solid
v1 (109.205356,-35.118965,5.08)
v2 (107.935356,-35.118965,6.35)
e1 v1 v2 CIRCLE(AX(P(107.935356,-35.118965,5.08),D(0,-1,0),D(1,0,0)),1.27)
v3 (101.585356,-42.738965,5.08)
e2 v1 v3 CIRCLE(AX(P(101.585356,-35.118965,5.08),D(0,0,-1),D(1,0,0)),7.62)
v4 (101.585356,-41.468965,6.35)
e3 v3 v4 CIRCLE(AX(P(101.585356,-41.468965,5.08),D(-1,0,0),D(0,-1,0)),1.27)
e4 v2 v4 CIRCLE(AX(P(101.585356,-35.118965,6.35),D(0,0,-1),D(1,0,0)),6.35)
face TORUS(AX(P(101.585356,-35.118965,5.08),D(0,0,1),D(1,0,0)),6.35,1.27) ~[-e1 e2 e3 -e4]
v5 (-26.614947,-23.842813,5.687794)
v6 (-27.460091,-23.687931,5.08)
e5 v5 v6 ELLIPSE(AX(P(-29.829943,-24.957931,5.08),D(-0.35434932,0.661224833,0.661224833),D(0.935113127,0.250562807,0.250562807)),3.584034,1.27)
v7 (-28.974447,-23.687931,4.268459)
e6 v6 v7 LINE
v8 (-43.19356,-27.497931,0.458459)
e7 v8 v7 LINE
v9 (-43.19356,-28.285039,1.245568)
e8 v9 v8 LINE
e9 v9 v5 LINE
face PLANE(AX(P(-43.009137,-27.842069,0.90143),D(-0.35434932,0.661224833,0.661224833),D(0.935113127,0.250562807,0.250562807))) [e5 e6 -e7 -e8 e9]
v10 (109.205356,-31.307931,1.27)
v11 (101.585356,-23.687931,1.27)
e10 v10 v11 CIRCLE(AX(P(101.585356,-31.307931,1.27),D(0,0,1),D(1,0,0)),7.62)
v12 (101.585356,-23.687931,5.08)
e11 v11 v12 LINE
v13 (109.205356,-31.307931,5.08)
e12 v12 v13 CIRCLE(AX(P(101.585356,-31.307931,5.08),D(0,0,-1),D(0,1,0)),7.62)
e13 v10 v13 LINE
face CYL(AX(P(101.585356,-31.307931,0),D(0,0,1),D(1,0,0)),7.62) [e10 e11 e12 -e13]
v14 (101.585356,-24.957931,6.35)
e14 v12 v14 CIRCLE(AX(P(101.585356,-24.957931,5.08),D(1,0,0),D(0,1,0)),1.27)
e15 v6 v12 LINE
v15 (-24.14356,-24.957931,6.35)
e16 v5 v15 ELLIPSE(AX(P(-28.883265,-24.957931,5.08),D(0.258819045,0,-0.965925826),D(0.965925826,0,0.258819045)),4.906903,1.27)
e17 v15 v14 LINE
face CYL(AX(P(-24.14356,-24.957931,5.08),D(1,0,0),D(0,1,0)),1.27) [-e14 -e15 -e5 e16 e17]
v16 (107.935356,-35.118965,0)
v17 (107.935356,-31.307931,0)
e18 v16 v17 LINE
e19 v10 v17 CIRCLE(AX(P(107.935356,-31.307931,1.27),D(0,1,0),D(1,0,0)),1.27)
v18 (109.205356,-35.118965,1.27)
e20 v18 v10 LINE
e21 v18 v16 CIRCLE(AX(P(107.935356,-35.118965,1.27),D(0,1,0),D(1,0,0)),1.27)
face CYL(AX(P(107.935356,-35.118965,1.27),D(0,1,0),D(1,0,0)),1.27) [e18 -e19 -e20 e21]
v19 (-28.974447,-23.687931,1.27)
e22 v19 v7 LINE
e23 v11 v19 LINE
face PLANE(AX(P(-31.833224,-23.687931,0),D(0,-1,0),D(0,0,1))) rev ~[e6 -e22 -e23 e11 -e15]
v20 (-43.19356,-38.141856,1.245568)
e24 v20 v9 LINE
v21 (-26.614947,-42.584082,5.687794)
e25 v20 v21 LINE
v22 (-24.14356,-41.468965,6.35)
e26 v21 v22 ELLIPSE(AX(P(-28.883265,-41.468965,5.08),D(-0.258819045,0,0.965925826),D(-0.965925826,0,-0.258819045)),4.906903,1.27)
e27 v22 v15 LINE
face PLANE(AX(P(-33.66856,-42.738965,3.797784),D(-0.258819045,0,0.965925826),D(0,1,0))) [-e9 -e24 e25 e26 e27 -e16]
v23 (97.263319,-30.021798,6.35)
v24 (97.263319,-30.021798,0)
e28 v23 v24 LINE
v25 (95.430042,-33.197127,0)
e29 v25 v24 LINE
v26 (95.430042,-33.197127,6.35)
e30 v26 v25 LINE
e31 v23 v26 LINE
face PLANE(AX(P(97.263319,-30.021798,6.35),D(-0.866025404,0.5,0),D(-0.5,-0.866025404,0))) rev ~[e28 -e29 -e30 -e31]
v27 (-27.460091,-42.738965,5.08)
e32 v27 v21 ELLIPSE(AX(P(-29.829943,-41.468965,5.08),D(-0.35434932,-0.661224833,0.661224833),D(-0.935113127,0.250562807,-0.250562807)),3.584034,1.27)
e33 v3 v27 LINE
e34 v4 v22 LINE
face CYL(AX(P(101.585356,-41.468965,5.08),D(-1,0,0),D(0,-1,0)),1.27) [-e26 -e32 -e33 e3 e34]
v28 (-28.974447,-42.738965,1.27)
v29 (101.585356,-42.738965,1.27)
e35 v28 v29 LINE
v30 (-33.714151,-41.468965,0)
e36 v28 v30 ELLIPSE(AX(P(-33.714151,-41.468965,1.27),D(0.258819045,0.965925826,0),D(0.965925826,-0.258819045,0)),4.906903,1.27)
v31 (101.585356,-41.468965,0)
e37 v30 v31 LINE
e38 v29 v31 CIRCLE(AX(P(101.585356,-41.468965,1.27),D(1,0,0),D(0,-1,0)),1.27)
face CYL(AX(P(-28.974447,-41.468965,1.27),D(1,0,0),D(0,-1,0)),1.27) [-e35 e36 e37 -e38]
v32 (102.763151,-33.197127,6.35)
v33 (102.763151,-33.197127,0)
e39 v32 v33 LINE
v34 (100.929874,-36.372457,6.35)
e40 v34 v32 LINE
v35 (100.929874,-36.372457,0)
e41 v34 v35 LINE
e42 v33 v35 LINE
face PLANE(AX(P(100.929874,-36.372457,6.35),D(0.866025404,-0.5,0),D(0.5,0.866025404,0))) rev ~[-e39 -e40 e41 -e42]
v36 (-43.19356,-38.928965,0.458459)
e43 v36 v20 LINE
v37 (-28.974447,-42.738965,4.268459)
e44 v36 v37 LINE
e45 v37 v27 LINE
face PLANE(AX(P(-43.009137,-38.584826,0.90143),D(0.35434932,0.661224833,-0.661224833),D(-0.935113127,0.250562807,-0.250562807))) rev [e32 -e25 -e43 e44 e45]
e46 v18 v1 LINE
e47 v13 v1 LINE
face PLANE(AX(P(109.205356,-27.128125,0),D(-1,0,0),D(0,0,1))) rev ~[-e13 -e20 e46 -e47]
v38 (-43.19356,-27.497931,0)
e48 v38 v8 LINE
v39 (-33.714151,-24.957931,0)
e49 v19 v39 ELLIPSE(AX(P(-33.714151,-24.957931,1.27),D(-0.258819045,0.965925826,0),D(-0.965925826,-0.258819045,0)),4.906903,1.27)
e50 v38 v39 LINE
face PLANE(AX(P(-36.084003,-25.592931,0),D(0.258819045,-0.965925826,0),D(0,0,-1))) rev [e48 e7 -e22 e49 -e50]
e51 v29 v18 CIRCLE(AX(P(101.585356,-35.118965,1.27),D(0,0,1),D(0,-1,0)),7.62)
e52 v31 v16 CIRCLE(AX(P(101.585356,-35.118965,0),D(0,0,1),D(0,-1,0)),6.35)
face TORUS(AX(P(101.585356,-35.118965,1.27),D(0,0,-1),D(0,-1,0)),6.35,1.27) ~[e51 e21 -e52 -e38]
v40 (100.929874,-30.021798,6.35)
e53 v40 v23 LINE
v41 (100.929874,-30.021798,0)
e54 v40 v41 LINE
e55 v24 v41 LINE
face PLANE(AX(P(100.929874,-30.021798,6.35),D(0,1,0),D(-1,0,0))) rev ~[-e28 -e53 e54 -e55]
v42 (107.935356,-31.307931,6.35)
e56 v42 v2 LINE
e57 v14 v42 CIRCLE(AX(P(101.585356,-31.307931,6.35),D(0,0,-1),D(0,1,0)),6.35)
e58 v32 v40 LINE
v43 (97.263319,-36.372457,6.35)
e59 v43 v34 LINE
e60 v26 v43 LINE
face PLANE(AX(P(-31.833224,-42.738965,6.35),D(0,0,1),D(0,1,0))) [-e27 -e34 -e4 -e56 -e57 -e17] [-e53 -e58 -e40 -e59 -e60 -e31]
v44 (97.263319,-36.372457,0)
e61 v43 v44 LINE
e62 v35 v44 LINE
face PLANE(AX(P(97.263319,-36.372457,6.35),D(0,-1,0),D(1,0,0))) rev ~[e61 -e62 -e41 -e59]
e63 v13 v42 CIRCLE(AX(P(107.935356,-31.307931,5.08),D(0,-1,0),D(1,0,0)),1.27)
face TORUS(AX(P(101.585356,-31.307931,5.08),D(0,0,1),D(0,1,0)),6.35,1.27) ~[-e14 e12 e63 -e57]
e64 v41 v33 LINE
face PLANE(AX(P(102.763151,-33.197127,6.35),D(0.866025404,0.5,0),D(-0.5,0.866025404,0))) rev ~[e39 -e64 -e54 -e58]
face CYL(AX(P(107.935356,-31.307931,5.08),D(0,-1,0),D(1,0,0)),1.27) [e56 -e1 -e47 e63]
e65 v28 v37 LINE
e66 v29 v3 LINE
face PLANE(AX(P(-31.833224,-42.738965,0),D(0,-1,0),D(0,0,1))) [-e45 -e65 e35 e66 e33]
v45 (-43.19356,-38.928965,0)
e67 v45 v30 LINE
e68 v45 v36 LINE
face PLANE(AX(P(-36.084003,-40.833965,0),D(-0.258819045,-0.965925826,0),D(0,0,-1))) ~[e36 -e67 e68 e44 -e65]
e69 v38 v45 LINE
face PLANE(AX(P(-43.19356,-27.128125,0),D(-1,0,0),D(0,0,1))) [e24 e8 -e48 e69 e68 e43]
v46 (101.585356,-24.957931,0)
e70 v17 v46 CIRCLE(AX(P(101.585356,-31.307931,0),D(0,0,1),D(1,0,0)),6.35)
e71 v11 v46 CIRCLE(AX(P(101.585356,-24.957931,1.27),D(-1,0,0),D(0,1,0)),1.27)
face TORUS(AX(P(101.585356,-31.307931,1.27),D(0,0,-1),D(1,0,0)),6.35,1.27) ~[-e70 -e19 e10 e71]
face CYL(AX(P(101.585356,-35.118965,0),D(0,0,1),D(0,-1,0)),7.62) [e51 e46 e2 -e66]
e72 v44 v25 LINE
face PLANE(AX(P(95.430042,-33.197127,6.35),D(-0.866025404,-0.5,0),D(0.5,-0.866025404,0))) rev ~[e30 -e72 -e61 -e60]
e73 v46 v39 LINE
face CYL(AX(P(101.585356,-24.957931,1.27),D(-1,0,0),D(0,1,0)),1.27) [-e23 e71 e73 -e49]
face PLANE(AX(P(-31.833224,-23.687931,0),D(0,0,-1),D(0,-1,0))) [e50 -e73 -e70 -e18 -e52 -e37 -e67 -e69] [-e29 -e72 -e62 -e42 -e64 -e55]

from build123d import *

# Parameters (mm, degrees)
F0_W      = 11.3603360951
F0_H      = 3.4401938319
F1_DEPTH  = 6.35
F2_DEPTH  = 15.61084
F3_DEPTH  = 141.03858
F4_R      = 7.62
F5_R      = 7.62
F6_SIZE2  = 5.1044321158
F6_SIZE   = 19.05
F7_SIZE2  = 14.2191135768
F7_SIZE   = 3.81
F8_SIZE2  = 14.2191135768
F8_SIZE   = 3.81
F9_R      = 1.27
F10_R     = 1.27
F13_DEPTH = 25.4
F14_SIZE  = 0.762
F15_SIZE  = 0.762


with BuildPart() as f1:
    # F0 (on Top) → F1 (new body)
    with BuildSketch(Plane.XY):
        with Locations((-37.5133920461, -25.4080276936)):
            Rectangle(F0_W, F0_H)
    extrude(amount=F1_DEPTH)

    # F2 (add): a face of the model
    f2_faces = [f1.faces().sort_by_distance(p)[0] for p in [
        (-37.5133920461, -27.1281246096, 3.175),
    ]]
    extrude(f2_faces, amount=F2_DEPTH)

    # F3 (add): a face of the model
    f3_faces = [f1.faces().sort_by_distance(p)[0] for p in [
        (-31.8332239985, -33.2134476936, 3.175),
    ]]
    extrude(f3_faces, amount=F3_DEPTH)

    # F4
    f4_edges = [f1.edges().sort_by_distance(p)[0] for p in [
        (109.205356, -42.738965, 3.175),
    ]]
    fillet(f4_edges, radius=F4_R)

    # F5
    f5_edges = [f1.edges().sort_by_distance(p)[0] for p in [
        (109.205356, -23.687931, 3.175),
    ]]
    fillet(f5_edges, radius=F5_R)

    # F6
    f6_edges = [f1.edges().sort_by_distance(p)[0] for p in [
        (-43.19356, -33.213448, 6.35),
    ]]
    chamfer(f6_edges, length=F6_SIZE, length2=F6_SIZE2)

    # F7
    f7_edges = [f1.edges().sort_by_distance(p)[0] for p in [
        (-43.19356, -23.687931, 0.622784),
    ]]
    f7_side = f1.faces().sort_by_distance((-43.19356, -33.213448, 0.622784))[0]
    chamfer(f7_edges, length=F7_SIZE, length2=F7_SIZE2, reference=f7_side)

    # F8
    f8_edges = [f1.edges().sort_by_distance(p)[0] for p in [
        (-43.19356, -42.738965, 0.622784),
    ]]
    chamfer(f8_edges, length=F8_SIZE, length2=F8_SIZE2)

    # F9
    f9_edges = [f1.edges().sort_by_distance(p)[0] for p in [
        (38.720898, -42.738965, 6.35),
    ]]
    fillet(f9_edges, radius=F9_R)

    # F10
    f10_edges = [f1.edges().sort_by_distance(p)[0] for p in [
        (36.305455, -42.738965, 0),
    ]]
    fillet(f10_edges, radius=F10_R)

    # F12 (on face) → F13 (cut)
    with BuildSketch(Plane.XY.offset(6.35)):
        Polygon((99.096596241, -36.3724566996), (100.9298735347, -36.3724566996), (102.7631508283, -33.1971272826), (100.9298735347, -30.0217978656), (97.2633189473, -30.0217978656), (95.4300416537, -33.1971272826), (97.2633189473, -36.3724566996), align=None)
    extrude(amount=-F13_DEPTH, mode=Mode.SUBTRACT)

    # F14
    f14_edges = [f1.edges().sort_by_distance(p)[0] for p in [
        (-36.084003, -40.833965, 3.150568),
    ]]
    chamfer(f14_edges, length=F14_SIZE)

    # F15
    f15_edges = [f1.edges().sort_by_distance(p)[0] for p in [
        (-36.084003, -25.592931, 3.150568),
    ]]
    chamfer(f15_edges, length=F15_SIZE)


solid = f1.part
